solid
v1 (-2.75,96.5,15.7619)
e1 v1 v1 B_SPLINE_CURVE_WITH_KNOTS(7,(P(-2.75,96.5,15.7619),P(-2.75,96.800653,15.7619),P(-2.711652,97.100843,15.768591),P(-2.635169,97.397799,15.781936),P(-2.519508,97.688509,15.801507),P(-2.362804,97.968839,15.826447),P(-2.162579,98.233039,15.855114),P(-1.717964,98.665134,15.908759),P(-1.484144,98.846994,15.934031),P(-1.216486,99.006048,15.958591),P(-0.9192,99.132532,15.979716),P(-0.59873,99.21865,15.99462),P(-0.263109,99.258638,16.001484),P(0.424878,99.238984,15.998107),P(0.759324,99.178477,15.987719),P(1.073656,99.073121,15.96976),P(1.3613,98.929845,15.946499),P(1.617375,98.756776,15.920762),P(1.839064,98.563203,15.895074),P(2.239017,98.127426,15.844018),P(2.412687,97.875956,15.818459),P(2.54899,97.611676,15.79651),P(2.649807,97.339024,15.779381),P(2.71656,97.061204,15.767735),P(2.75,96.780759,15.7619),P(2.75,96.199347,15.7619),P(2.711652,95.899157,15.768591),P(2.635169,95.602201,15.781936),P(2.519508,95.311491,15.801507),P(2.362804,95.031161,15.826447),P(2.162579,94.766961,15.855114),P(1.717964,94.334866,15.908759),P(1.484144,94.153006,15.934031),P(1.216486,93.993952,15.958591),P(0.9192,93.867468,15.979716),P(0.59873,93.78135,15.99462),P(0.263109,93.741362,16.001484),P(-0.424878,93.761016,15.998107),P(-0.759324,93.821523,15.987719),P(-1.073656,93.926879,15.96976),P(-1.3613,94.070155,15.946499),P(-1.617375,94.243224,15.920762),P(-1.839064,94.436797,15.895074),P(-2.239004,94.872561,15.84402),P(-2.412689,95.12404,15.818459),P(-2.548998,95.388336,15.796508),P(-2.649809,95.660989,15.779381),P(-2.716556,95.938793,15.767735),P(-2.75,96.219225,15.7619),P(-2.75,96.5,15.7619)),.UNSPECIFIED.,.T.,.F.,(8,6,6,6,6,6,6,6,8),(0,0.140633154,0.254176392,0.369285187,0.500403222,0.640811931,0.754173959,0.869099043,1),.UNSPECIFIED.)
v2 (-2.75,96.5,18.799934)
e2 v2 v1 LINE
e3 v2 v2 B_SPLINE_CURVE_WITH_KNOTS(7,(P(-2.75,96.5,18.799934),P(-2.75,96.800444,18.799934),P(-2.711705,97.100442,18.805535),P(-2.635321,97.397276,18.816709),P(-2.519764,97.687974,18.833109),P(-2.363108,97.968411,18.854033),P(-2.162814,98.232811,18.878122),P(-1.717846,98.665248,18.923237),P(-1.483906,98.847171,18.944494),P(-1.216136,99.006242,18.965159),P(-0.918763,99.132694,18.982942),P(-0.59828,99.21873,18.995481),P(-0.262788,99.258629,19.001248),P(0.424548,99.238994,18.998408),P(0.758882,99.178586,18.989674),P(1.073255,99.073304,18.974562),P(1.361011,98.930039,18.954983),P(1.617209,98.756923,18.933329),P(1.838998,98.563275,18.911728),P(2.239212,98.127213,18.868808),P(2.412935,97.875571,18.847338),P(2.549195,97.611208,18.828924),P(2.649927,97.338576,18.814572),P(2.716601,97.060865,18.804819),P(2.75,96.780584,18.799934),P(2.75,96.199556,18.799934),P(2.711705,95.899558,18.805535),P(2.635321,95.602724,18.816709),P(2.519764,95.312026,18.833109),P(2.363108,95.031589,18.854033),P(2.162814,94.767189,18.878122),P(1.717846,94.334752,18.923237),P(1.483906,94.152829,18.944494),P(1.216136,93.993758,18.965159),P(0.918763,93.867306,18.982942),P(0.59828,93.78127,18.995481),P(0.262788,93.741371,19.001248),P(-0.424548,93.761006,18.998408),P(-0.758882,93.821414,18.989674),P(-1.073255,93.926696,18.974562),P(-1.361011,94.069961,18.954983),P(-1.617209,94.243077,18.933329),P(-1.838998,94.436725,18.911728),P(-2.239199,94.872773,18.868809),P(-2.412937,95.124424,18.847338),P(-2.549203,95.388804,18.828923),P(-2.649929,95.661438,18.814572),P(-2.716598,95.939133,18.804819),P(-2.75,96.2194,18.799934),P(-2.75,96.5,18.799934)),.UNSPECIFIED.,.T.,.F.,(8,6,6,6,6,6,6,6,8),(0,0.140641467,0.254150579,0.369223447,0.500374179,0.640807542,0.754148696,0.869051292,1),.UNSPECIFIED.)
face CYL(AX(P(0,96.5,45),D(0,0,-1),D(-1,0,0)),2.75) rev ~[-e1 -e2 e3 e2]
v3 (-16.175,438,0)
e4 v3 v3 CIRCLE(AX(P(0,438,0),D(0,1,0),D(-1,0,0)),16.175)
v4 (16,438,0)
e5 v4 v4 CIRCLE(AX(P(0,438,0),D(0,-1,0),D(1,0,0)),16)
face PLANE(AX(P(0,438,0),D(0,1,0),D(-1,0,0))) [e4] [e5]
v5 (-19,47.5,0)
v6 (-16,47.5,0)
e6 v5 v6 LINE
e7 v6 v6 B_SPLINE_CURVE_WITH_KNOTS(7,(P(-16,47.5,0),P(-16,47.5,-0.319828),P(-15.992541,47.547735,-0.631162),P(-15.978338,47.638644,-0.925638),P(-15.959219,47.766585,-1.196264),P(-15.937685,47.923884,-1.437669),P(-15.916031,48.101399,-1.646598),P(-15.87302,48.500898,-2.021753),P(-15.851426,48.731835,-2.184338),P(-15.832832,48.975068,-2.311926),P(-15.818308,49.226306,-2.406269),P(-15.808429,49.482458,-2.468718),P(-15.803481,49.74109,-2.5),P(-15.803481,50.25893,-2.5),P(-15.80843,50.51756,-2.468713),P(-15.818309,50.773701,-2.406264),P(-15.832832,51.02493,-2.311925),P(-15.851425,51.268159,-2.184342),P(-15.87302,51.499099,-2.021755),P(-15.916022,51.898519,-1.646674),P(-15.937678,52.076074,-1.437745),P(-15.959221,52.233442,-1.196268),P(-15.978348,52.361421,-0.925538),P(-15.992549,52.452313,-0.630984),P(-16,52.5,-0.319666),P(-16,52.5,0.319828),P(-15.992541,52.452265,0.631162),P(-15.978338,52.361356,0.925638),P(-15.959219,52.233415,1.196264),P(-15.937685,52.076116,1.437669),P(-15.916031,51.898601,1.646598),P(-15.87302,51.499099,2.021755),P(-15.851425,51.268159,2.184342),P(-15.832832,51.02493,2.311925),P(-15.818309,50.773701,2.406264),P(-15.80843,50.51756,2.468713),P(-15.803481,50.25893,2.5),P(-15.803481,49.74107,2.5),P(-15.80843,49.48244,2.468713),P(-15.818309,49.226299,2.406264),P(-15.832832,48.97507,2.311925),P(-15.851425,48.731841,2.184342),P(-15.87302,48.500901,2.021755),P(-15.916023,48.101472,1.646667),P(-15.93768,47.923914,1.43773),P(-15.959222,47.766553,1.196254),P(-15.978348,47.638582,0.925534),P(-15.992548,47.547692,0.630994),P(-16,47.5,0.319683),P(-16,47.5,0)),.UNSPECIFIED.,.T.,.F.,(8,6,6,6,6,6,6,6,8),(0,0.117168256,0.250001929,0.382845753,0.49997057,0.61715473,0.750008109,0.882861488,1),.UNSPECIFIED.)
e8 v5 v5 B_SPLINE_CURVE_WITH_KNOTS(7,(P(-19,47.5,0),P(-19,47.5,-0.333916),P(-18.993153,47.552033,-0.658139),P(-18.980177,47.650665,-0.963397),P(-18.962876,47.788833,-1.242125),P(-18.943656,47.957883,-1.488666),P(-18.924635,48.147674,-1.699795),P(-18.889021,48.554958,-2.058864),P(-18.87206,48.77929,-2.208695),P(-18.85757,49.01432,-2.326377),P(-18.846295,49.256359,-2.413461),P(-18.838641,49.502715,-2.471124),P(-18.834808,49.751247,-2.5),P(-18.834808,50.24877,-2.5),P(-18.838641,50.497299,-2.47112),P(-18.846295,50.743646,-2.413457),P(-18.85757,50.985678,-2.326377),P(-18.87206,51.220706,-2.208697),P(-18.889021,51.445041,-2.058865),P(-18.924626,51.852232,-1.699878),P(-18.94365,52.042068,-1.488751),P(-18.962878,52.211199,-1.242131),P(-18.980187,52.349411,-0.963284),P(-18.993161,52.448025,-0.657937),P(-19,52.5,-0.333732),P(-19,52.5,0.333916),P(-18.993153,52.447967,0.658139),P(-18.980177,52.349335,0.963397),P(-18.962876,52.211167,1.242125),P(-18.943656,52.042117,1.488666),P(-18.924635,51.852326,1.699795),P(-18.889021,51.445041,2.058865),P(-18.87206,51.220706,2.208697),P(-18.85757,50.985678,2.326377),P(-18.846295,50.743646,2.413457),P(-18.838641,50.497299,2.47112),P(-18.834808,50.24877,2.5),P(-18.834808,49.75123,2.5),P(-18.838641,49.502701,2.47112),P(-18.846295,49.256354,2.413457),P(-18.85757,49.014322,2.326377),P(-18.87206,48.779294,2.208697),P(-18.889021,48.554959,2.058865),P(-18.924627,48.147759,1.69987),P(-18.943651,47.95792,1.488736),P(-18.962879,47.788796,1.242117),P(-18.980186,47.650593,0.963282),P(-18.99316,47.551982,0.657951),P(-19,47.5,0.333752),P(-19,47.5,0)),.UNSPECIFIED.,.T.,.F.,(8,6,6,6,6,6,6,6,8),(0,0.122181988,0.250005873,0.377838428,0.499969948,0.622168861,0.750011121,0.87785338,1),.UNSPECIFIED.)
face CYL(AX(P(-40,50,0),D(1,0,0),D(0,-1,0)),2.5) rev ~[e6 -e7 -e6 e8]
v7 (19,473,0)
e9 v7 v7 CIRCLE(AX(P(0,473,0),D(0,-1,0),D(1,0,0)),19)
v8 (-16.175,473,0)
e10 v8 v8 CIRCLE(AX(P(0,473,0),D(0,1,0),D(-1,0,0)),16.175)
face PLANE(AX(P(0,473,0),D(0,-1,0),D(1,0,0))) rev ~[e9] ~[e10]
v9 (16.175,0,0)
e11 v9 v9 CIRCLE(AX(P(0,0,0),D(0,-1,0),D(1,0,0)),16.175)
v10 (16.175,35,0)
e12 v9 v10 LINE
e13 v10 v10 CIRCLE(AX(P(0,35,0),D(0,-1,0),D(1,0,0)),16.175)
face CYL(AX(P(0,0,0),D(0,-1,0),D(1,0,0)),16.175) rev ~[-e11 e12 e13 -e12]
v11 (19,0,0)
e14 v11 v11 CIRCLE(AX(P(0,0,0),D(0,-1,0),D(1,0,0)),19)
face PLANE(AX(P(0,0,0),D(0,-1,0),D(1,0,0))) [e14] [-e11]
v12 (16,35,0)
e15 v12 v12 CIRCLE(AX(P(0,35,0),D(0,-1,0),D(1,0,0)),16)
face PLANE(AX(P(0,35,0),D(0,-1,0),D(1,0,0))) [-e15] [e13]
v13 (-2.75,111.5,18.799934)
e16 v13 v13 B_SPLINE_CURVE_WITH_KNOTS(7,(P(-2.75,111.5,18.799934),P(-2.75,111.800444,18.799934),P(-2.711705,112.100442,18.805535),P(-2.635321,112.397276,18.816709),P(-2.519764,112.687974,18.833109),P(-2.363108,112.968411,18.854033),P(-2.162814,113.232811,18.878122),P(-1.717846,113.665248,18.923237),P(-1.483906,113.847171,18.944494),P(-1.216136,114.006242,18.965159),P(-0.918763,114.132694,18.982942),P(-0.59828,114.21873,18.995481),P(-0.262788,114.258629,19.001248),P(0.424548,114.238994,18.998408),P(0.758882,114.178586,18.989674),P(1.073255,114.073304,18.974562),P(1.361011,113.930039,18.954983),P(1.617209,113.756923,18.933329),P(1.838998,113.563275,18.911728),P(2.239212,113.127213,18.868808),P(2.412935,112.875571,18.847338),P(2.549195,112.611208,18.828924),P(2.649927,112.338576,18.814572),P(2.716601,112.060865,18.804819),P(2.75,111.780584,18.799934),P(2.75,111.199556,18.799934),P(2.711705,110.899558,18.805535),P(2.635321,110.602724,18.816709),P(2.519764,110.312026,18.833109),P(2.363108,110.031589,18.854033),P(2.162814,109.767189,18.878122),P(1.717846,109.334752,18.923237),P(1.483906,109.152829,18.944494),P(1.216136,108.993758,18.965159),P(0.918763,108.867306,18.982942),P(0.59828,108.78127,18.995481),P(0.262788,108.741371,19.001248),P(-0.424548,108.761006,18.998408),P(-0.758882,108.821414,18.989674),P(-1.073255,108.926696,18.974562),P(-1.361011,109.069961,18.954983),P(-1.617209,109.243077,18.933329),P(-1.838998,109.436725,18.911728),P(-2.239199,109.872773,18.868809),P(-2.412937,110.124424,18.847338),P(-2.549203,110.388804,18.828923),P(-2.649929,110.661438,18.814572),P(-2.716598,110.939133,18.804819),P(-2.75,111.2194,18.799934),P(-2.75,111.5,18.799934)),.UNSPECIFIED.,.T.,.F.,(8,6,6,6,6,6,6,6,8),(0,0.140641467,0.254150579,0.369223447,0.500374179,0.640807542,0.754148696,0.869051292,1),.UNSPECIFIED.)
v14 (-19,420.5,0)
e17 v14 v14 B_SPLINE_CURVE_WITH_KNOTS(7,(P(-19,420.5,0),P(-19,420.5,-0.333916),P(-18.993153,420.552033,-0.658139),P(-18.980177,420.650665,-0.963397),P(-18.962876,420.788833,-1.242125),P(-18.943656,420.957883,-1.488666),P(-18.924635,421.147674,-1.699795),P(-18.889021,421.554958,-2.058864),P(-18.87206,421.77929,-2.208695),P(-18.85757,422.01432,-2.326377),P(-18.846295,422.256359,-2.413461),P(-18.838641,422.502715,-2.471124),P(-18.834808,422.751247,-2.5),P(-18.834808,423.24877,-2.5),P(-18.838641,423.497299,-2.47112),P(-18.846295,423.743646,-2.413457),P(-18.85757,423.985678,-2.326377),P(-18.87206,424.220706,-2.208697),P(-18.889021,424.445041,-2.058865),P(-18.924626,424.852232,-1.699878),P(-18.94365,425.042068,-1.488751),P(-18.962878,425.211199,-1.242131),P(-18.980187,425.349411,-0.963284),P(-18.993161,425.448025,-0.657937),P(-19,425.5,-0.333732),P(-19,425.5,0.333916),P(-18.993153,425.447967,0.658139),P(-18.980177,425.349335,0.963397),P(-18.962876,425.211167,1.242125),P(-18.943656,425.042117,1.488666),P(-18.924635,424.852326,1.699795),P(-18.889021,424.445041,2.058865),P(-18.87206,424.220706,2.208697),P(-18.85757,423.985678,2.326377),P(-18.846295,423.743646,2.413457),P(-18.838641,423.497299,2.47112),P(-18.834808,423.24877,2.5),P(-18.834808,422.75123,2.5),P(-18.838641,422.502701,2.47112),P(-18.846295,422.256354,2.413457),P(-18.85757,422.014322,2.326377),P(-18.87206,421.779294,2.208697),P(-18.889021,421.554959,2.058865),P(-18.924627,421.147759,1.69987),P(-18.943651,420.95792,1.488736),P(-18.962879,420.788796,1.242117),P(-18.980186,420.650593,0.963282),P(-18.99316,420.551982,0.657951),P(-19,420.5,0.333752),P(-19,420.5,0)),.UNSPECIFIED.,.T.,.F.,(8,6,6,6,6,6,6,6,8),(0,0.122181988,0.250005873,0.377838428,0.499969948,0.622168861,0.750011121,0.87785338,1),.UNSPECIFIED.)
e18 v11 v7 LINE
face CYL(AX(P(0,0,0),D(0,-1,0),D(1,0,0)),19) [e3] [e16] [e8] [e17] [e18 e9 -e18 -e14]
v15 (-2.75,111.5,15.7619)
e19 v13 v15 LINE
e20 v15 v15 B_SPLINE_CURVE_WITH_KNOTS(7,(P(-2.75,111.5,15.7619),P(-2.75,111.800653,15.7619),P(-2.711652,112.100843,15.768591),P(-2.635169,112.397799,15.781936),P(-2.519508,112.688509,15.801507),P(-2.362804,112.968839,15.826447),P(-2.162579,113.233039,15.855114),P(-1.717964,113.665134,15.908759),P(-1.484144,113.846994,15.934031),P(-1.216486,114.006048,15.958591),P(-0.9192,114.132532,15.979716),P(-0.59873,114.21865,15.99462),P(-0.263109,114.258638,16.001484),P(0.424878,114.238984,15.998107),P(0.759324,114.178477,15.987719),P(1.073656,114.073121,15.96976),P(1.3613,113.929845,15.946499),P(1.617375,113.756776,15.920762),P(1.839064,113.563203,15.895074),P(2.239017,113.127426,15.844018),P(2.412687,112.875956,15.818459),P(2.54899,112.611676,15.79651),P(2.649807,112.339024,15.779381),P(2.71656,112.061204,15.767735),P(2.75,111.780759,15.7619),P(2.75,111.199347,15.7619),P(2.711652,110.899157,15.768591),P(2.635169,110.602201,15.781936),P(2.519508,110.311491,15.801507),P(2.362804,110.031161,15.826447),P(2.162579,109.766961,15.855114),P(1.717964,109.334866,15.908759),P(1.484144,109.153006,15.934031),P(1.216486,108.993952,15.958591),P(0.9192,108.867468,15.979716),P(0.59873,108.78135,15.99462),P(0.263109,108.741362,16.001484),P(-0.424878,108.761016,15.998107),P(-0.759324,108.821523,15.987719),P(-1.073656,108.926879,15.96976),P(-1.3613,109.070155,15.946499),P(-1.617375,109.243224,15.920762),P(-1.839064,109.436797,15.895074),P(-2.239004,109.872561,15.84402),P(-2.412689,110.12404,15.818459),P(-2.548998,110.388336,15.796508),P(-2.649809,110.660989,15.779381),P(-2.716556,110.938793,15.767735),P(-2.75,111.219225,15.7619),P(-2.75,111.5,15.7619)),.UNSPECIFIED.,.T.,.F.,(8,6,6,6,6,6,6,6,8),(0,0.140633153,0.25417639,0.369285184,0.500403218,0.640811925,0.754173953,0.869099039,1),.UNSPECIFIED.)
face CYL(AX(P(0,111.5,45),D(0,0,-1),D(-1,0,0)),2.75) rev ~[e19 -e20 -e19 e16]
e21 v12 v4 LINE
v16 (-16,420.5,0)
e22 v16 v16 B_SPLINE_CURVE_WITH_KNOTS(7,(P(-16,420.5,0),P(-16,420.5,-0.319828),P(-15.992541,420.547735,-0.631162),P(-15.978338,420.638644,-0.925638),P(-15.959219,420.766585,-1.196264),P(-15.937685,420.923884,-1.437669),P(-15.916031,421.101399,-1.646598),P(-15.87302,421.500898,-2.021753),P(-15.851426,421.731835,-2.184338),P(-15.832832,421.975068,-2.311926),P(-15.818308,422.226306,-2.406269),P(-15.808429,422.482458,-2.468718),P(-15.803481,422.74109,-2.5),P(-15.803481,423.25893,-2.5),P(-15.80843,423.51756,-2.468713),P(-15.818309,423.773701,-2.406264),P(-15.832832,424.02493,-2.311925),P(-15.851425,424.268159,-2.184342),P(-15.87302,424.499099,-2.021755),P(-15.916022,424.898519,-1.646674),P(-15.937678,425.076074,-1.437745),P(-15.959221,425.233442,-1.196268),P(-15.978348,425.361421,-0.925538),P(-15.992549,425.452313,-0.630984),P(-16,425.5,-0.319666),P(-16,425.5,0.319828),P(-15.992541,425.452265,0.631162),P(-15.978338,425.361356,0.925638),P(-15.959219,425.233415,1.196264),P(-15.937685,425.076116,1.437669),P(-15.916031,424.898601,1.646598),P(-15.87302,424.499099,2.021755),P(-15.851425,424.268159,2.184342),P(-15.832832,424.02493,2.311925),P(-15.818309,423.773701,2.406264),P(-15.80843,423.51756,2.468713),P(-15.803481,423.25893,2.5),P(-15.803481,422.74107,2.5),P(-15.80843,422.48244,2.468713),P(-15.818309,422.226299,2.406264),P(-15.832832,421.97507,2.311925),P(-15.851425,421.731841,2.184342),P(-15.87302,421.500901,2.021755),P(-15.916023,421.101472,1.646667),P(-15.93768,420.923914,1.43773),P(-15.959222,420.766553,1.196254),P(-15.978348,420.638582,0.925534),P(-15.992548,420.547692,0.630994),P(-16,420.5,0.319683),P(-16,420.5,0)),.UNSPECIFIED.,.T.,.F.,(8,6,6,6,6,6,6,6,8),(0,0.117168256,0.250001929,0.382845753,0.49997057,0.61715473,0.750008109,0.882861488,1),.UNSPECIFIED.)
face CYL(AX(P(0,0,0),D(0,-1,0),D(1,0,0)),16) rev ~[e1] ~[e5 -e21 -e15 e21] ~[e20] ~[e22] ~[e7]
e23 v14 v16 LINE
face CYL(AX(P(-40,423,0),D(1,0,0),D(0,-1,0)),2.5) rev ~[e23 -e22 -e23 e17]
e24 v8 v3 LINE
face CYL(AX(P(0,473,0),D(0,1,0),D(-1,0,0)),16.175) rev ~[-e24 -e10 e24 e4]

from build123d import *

# Parameters (mm, degrees)
F0_R      = 19
F1_DEPTH  = 473
F2_R      = 16
F3_DEPTH  = 473.001
F4_R      = 16.175
F5_DEPTH  = 35
F6_R      = 16.175
F7_DEPTH  = 35
F10_D     = 5.5
F10_DEPTH = 20
F10_TIP   = 1.6523667023
F13_D     = 5
F13_DEPTH = 15
F13_TIP   = 1.5021515476


with BuildPart() as f1:
    # F0 (on Front) → F1 (new body)
    with BuildSketch(Plane.XZ):
        Circle(F0_R)
    extrude(amount=-F1_DEPTH)

    # F2 (on face) → F3 (cut, through all)
    with BuildSketch(Plane.XZ):
        Circle(F2_R)
    extrude(amount=-F3_DEPTH, mode=Mode.SUBTRACT)

    # F4 (on face) → F5 (cut)
    with BuildSketch(Plane.XZ):
        Circle(F4_R)
    extrude(amount=-F5_DEPTH, mode=Mode.SUBTRACT)

    # F6 (on face) → F7 (cut)
    with BuildSketch(Plane(origin=(0, 473, 0), x_dir=(-1, 0, 0), z_dir=(0, 1, 0))):
        Circle(F6_R)
    extrude(amount=-F7_DEPTH, mode=Mode.SUBTRACT)

    # F10
    with Locations(Plane.XY.offset(25)):
        with Locations((0, 96.5), (0, 111.5)):
            Hole(F10_D / 2, depth=F10_DEPTH)
            with Locations((0, 0, -(F10_DEPTH + F10_TIP / 2))):  # 118° drill point
                Cone(0, F10_D / 2, F10_TIP, mode=Mode.SUBTRACT)

    # F13
    with Locations(Plane(origin=(-25, 0, 0), x_dir=(0, 1, 0), z_dir=(-1, 0, 0))):
        with Locations((50, 0), (423, 0)):
            Hole(F13_D / 2, depth=F13_DEPTH)
            with Locations((0, 0, -(F13_DEPTH + F13_TIP / 2))):  # 118° drill point
                Cone(0, F13_D / 2, F13_TIP, mode=Mode.SUBTRACT)


solid = f1.part
